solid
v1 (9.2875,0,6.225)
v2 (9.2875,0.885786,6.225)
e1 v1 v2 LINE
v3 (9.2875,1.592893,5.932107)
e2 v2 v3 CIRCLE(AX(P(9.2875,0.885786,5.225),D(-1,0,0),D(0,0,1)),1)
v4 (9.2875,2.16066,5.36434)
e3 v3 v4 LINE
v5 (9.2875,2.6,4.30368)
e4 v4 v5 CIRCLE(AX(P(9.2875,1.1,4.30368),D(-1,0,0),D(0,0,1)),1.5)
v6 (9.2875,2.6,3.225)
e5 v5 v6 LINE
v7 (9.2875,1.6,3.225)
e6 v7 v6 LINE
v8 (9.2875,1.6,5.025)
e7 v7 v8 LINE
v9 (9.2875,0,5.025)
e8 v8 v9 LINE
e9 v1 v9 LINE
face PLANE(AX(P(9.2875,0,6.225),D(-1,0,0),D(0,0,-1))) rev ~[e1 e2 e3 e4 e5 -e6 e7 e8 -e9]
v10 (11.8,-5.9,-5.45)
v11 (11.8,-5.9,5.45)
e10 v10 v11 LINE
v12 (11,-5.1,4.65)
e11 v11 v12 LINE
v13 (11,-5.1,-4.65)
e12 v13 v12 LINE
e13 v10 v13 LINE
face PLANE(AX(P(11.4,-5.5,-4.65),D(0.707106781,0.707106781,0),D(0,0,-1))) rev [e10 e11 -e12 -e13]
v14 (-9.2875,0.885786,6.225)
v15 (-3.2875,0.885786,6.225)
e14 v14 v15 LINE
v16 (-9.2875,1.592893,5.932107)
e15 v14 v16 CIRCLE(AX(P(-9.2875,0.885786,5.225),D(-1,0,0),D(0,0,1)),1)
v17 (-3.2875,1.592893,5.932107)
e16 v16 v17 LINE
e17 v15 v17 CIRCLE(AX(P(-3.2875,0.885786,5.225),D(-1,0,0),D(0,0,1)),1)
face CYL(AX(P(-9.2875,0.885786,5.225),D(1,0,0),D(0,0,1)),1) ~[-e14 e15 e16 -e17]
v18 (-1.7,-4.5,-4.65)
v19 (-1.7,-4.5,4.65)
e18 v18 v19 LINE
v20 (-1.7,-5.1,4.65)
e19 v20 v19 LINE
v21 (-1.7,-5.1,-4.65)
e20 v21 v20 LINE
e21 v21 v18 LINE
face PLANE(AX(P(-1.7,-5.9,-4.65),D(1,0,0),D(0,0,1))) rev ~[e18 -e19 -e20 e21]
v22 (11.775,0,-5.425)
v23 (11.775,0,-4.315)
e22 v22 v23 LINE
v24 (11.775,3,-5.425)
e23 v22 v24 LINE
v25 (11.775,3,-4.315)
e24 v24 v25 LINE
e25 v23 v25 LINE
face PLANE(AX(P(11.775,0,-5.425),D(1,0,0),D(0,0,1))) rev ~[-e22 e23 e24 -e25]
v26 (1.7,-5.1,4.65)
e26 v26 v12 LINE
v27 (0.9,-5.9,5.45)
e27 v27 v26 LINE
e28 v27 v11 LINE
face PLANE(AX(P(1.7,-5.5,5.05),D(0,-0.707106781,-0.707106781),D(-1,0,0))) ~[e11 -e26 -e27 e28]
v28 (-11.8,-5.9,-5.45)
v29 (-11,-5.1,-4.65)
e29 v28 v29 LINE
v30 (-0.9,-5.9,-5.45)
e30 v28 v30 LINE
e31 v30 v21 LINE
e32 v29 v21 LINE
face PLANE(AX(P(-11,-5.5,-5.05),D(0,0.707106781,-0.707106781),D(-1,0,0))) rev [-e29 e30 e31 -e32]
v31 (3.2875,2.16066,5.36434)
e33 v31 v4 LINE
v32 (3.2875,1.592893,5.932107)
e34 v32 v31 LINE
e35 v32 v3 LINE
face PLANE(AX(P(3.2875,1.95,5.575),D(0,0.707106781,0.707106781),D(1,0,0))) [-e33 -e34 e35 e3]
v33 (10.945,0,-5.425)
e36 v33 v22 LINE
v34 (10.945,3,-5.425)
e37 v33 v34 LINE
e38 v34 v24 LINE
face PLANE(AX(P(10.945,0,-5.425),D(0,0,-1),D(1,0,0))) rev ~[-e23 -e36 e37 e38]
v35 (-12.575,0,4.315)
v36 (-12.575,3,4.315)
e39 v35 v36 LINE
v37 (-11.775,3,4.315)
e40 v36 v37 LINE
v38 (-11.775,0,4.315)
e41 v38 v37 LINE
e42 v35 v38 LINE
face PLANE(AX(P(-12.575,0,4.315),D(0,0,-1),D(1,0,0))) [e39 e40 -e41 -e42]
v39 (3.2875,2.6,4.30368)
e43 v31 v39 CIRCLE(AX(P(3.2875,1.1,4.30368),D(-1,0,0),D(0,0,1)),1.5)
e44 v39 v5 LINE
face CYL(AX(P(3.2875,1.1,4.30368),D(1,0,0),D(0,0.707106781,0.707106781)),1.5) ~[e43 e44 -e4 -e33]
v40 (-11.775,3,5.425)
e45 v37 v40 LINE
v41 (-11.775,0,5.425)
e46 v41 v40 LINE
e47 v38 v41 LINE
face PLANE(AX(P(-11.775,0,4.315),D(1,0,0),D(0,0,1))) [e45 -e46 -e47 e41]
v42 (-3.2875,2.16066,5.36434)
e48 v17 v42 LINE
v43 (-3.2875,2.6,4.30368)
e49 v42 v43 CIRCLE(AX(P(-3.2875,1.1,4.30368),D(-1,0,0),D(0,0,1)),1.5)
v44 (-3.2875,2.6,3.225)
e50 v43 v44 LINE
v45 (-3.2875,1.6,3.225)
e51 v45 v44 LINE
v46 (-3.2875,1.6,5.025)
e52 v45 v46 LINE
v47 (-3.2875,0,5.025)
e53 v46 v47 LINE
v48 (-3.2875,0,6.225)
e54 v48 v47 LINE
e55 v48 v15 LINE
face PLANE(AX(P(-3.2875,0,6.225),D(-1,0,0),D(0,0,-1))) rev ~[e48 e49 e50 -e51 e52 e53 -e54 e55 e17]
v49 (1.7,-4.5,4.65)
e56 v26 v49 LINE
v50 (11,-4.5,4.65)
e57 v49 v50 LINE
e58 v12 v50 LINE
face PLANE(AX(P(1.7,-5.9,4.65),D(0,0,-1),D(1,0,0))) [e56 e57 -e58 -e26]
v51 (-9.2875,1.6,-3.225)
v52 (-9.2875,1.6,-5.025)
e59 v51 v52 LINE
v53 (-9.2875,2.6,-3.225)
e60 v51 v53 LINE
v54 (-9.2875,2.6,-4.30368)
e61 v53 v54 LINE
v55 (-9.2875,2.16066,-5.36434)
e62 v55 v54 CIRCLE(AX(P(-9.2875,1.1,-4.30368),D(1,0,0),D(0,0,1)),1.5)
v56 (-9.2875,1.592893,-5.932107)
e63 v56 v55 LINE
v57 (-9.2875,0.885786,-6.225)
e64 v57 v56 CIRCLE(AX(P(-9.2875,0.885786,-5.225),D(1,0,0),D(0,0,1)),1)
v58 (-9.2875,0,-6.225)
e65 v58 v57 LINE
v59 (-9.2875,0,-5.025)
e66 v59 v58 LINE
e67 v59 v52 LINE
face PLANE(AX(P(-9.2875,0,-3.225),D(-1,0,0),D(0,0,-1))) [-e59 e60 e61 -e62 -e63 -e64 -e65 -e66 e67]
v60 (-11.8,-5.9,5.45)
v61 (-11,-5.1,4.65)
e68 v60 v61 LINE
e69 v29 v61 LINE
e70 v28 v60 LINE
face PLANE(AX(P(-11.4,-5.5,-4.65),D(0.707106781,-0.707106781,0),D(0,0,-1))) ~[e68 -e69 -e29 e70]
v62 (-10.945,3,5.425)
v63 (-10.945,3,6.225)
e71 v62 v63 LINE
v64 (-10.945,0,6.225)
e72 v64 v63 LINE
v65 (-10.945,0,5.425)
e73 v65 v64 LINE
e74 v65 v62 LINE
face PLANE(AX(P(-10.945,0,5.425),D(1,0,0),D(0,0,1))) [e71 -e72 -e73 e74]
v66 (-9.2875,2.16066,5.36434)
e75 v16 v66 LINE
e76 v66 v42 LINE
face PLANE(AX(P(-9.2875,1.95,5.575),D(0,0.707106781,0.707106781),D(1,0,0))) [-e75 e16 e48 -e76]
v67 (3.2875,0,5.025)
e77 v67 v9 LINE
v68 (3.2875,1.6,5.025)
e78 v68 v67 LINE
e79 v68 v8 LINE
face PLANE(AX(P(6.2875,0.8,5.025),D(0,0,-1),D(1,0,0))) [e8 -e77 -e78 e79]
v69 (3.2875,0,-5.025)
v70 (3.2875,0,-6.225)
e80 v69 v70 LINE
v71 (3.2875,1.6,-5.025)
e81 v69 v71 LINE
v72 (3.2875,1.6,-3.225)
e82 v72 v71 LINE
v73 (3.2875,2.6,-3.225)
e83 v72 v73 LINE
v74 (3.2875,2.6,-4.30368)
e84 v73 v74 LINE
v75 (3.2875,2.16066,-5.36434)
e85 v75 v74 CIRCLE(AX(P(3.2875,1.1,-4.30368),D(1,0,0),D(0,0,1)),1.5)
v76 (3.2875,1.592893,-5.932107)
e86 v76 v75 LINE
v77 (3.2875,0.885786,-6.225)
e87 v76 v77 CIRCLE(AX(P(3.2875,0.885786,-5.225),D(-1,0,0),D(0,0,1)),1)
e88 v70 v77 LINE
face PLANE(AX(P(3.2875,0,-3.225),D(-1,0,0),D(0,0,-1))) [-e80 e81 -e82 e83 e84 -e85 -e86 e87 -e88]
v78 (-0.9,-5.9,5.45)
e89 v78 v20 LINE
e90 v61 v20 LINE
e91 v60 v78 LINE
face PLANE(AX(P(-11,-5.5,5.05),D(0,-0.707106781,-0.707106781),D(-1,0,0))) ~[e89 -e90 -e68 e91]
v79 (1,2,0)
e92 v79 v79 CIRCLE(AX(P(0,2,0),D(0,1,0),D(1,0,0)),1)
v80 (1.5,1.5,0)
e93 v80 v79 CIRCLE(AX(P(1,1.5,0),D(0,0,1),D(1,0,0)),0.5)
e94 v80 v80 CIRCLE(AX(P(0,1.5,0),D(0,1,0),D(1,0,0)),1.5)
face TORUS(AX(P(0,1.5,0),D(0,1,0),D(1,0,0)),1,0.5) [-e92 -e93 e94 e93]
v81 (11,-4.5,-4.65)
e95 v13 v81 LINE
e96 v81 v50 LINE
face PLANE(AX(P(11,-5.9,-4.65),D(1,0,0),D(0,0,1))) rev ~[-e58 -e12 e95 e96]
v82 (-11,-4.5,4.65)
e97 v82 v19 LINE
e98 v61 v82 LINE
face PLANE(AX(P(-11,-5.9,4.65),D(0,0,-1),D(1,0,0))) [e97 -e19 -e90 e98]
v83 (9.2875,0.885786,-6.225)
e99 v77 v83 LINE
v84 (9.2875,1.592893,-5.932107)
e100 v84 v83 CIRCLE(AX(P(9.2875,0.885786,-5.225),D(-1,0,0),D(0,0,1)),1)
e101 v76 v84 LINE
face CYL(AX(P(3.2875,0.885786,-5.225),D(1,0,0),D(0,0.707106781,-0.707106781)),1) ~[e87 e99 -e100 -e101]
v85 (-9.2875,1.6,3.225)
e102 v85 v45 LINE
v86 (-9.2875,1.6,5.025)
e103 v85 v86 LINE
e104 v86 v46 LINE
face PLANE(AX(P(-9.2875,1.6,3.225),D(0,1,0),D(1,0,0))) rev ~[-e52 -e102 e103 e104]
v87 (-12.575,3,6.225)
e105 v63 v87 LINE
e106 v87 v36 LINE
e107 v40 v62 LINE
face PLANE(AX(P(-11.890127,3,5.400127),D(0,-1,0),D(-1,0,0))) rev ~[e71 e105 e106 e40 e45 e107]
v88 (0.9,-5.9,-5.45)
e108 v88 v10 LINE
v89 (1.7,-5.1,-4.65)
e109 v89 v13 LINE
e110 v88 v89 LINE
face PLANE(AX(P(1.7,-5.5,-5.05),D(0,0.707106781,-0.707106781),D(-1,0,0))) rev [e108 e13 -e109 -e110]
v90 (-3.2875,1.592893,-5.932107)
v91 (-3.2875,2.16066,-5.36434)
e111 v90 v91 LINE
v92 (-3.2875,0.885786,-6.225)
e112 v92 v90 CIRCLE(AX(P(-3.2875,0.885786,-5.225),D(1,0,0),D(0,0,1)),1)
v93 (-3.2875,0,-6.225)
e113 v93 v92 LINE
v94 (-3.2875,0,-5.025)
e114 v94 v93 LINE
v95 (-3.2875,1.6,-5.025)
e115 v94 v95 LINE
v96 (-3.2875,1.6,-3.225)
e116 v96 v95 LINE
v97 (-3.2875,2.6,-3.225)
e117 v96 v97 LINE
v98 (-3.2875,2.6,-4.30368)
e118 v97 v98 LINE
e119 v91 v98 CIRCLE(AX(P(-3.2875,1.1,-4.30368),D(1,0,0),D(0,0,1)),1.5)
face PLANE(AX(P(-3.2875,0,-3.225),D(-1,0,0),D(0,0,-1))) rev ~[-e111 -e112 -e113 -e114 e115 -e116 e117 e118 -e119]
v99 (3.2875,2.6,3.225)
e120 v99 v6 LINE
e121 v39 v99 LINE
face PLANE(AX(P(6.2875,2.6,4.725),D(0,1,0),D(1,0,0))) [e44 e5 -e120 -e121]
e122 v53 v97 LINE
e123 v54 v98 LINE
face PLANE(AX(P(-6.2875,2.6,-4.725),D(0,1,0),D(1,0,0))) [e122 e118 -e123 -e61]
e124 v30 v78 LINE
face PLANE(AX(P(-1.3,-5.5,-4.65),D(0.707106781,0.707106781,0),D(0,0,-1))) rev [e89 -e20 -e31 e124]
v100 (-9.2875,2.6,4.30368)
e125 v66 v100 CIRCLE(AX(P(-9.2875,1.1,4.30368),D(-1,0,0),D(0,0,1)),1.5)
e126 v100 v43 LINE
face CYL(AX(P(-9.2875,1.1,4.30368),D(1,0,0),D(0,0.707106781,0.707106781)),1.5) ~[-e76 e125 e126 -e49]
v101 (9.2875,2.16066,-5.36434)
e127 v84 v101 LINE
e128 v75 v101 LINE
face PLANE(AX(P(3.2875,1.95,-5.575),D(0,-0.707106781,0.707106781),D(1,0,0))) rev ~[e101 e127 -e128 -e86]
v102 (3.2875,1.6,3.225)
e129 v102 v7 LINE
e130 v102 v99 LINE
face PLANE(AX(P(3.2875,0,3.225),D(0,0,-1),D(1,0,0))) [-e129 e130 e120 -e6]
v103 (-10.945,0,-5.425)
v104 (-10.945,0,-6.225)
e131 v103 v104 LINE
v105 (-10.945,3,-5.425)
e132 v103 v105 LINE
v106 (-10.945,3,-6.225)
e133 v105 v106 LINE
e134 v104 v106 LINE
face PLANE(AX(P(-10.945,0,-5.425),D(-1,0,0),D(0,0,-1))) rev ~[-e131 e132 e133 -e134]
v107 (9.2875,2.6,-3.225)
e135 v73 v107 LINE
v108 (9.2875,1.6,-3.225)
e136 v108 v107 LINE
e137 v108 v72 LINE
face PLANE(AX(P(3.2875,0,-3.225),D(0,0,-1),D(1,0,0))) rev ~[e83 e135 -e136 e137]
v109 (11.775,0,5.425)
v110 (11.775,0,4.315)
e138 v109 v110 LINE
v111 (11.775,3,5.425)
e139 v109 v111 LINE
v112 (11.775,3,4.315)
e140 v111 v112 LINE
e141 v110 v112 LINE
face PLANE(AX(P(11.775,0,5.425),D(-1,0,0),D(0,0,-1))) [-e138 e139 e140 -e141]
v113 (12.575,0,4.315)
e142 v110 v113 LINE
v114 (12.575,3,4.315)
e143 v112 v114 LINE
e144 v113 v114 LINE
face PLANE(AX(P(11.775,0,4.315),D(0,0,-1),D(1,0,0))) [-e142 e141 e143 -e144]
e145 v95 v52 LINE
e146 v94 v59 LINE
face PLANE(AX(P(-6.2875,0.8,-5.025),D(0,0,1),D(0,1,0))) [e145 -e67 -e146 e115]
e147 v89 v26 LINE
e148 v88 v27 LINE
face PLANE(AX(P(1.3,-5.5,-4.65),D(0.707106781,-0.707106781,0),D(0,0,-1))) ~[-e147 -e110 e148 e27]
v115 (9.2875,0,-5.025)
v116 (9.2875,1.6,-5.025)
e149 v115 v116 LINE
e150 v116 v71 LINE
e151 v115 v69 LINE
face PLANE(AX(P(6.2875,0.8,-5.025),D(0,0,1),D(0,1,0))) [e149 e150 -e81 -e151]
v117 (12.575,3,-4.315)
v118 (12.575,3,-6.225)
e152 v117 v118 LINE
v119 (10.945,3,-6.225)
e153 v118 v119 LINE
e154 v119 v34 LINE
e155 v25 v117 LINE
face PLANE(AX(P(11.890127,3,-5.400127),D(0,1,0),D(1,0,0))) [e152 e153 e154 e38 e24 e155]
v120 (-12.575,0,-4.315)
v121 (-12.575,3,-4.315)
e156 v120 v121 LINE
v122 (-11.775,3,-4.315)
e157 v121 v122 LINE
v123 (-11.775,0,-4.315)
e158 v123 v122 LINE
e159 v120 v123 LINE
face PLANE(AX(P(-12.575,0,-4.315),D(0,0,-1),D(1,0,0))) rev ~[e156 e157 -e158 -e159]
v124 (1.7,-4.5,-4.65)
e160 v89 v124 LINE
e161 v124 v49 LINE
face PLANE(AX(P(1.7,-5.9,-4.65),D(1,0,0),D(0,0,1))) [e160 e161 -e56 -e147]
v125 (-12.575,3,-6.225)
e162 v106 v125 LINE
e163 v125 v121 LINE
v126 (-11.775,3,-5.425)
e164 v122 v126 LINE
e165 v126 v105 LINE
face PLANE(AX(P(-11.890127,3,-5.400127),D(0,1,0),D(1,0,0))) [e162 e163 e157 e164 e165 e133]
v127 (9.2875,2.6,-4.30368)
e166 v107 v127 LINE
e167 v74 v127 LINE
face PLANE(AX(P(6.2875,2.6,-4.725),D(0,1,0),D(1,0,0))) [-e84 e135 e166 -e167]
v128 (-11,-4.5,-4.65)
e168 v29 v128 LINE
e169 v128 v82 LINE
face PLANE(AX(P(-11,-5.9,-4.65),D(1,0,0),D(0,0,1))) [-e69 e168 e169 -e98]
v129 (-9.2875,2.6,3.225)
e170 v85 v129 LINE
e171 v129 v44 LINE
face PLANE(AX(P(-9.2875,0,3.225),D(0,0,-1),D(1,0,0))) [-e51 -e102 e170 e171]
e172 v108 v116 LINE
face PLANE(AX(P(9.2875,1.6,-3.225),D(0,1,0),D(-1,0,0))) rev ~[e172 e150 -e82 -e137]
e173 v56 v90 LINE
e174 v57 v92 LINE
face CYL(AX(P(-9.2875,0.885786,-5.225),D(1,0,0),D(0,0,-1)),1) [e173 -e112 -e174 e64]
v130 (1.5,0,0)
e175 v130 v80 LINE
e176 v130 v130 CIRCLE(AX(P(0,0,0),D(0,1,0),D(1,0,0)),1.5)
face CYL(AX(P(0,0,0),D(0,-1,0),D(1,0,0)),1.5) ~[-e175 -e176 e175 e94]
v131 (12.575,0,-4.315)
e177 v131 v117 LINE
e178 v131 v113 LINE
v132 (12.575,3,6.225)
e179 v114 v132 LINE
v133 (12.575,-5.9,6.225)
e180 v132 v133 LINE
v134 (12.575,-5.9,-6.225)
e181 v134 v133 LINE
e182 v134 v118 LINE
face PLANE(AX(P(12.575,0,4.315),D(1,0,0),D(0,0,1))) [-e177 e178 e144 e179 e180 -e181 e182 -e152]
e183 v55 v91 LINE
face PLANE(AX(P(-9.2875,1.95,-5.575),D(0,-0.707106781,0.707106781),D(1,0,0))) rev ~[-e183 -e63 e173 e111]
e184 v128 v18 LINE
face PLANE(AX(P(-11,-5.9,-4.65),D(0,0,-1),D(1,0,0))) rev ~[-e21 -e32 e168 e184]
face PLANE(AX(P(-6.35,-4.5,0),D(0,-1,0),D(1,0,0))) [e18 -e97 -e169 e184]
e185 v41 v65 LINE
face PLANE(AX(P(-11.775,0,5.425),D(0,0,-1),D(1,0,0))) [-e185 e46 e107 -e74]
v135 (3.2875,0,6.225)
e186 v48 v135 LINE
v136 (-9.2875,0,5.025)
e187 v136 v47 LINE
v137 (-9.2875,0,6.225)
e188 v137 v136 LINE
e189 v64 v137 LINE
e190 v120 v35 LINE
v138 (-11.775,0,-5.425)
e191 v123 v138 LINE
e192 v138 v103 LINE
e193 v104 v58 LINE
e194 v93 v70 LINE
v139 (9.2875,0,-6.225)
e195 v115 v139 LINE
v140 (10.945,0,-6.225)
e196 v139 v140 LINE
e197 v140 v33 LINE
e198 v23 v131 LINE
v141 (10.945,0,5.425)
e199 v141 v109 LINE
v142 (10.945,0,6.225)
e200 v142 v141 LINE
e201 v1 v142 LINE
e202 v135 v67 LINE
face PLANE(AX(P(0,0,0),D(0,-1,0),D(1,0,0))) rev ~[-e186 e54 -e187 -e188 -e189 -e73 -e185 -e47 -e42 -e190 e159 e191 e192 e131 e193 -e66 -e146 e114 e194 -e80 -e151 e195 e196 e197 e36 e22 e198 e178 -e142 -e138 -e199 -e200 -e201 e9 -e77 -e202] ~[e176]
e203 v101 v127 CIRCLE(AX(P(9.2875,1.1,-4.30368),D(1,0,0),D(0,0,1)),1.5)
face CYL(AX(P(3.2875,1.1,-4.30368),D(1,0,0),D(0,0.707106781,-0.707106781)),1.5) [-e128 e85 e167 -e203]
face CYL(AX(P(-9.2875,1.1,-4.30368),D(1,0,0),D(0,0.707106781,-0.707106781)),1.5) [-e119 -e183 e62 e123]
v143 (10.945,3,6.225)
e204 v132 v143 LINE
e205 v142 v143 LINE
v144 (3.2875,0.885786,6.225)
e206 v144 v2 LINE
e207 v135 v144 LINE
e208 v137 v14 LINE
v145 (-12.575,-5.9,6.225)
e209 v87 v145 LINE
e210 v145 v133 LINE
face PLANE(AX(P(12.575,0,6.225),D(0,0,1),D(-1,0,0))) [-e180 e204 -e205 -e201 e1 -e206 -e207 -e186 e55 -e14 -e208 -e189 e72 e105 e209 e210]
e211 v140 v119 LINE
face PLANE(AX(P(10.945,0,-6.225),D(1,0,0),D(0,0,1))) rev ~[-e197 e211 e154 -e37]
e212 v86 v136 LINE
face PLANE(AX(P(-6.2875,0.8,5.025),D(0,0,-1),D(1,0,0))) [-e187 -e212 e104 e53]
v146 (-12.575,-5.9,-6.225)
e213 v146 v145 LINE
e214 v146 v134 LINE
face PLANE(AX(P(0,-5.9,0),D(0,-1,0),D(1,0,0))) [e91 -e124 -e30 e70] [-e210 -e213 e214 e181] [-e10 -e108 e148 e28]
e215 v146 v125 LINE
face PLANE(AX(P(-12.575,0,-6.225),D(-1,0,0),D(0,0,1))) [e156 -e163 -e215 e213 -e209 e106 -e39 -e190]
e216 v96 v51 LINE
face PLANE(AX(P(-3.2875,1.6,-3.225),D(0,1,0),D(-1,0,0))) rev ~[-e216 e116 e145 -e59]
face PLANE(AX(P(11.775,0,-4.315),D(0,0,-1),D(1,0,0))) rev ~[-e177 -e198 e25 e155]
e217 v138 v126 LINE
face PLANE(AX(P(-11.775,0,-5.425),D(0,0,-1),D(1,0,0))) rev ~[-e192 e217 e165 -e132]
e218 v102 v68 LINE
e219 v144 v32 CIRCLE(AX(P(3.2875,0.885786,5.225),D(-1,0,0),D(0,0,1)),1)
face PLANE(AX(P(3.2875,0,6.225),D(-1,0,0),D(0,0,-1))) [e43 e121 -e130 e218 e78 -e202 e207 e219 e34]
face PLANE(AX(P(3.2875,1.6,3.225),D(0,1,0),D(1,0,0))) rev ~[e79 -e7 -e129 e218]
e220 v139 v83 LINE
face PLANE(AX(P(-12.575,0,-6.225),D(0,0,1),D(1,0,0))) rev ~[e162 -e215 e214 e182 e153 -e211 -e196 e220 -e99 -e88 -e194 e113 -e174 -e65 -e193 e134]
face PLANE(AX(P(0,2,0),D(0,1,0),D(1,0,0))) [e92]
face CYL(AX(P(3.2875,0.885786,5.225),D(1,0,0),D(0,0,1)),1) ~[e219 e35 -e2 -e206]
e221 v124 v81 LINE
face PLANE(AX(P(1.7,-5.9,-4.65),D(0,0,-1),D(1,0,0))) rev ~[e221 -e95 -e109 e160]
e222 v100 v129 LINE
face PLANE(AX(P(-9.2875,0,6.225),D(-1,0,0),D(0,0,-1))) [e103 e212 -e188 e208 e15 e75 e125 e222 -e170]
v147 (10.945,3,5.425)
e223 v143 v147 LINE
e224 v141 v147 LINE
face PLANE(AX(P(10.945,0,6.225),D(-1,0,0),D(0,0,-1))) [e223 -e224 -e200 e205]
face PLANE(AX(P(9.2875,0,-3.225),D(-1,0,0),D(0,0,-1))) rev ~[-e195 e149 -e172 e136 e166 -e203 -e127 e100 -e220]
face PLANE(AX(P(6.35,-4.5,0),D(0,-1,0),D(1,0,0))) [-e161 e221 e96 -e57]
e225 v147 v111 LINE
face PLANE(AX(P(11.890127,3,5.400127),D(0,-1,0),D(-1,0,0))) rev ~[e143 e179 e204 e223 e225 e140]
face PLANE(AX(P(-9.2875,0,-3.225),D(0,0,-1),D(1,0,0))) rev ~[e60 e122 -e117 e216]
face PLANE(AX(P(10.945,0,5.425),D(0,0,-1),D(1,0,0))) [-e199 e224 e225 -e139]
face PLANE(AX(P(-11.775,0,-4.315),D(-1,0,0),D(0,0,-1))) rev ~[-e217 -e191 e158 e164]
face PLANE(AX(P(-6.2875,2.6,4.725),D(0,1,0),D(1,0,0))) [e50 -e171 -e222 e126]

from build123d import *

# Parameters (mm, degrees)
SKETCH013_W     = 25.15
SKETCH013_H     = 12.45
PAD001_DEPTH    = 5.9
SKETCH018_W     = 9.3
SKETCH018_H     = 9.3
POCKET008_DEPTH = 1.4
CHAMFER_SIZE    = 0.8
PAD003_DEPTH    = 3
SKETCH007_W     = 6
SKETCH007_H     = 3
PAD004_DEPTH    = 2.6
SKETCH008_R     = 1.5
PAD005_DEPTH    = 2
FILLET004_R     = 0.5
CHAMFER003_SIZE = 1.3
FILLET003_R     = 1.5
FILLET002_R     = 1
SKETCH009_W     = 6
SKETCH009_H     = 1.6
POCKET006_DEPTH = 1.8
SKETCH010_W     = 6
SKETCH010_H     = 1.6
POCKET007_DEPTH = 1.8
SKETCH014_W     = 1.6
SKETCH014_H     = 6
POCKET005_DEPTH = 1.8


with BuildPart() as part:
    # Sketch013 → Pad001 (new body)
    with BuildSketch(Plane.XZ):
        Rectangle(SKETCH013_W, SKETCH013_H)
    extrude(amount=PAD001_DEPTH)

    # Sketch018 (on Face6 of Pad001) → Pocket008 (cut)
    with BuildSketch(Plane.XZ.offset(5.9)):
        with Locations((-6.35, 0)):
            Rectangle(SKETCH018_W, SKETCH018_H)
        with Locations((6.35, 0)):
            Rectangle(SKETCH018_W, SKETCH018_H)
    extrude(amount=-POCKET008_DEPTH, mode=Mode.SUBTRACT)

    # Chamfer
    chamfer_edges = [part.edges().sort_by_distance(p)[0] for p in [
        (-6.35, -5.9, 4.65),
        (-11, -5.9, 0),
        (-6.35, -5.9, -4.65),
        (-1.7, -5.9, 0),
        (1.7, -5.9, 0),
        (6.35, -5.9, 4.65),
        (11, -5.9, 0),
        (6.35, -5.9, -4.65),
    ]]
    chamfer(chamfer_edges, length=CHAMFER_SIZE)

    # Sketch015 (on Face18 of Chamfer) → Pad003 (join)
    with BuildSketch(Plane(origin=(0, 0, 0), x_dir=(1, 0, 0), z_dir=(0, 1, 0))):
        Polygon((12.575, -4.315), (12.575, -6.225), (10.945, -6.225), (10.945, -5.425), (11.775, -5.425), (11.775, -4.315), align=None)
        Polygon((-10.945, -6.225), (-12.575, -6.225), (-12.575, -4.315), (-11.775, -4.315), (-11.775, -5.425), (-10.945, -5.425), align=None)
        Polygon((12.575, 4.315), (12.575, 6.225), (10.945, 6.225), (10.945, 5.425), (11.775, 5.425), (11.775, 4.315), align=None)
        Polygon((-11.775, 4.315), (-11.775, 5.425), (-10.945, 5.425), (-10.945, 6.225), (-12.575, 6.225), (-12.575, 4.315), align=None)
    extrude(amount=PAD003_DEPTH)

    # Sketch007 (on Face19 of Pad003) → Pad004 (join)
    with BuildSketch(Plane(origin=(0, 0, 0), x_dir=(1, 0, 0), z_dir=(0, 1, 0))):
        with Locations((-6.2875, 4.725)):
            Rectangle(SKETCH007_W, SKETCH007_H)
        with Locations((6.2875, 4.725)):
            Rectangle(SKETCH007_W, SKETCH007_H)
        with Locations((-6.2875, -4.725)):
            Rectangle(SKETCH007_W, SKETCH007_H)
        with Locations((6.2875, -4.725)):
            Rectangle(SKETCH007_W, SKETCH007_H)
    extrude(amount=PAD004_DEPTH)

    # Sketch008 (on Face19 of Pad004) → Pad005 (join)
    with BuildSketch(Plane(origin=(0, 0, 0), x_dir=(1, 0, 0), z_dir=(0, 1, 0))):
        Circle(SKETCH008_R)
    extrude(amount=PAD005_DEPTH)

    # Fillet004
    fillet004_edges = [part.edges().sort_by_distance(p)[0] for p in [
        (-1.5, 2, 0),
    ]]
    fillet(fillet004_edges, radius=FILLET004_R)

    # Chamfer003
    chamfer003_edges = [part.edges().sort_by_distance(p)[0] for p in [
        (6.2875, 2.6, -6.225),
        (-6.2875, 2.6, -6.225),
        (6.2875, 2.6, 6.225),
        (-6.2875, 2.6, 6.225),
    ]]
    chamfer(chamfer003_edges, length=CHAMFER003_SIZE)

    # Fillet003
    fillet003_edges = [part.edges().sort_by_distance(p)[0] for p in [
        (-6.2875, 2.6, 4.925),
        (6.2875, 2.6, 4.925),
        (-6.2875, 2.6, -4.925),
        (6.2875, 2.6, -4.925),
    ]]
    fillet(fillet003_edges, radius=FILLET003_R)

    # Fillet002
    fillet002_edges = [part.edges().sort_by_distance(p)[0] for p in [
        (6.2875, 1.3, -6.225),
        (-6.2875, 1.3, -6.225),
        (6.2875, 1.3, 6.225),
        (-6.2875, 1.3, 6.225),
    ]]
    fillet(fillet002_edges, radius=FILLET002_R)

    # Sketch009 (on Face22 of Fillet002) → Pocket006 (cut)
    with BuildSketch(Plane(origin=(0, 0, 3.225), x_dir=(1, 0, 0), z_dir=(0, 0, -1))):
        with Locations((-6.2875, -0.8)):
            Rectangle(SKETCH009_W, SKETCH009_H)
    extrude(amount=-POCKET006_DEPTH, mode=Mode.SUBTRACT)

    # Sketch010 (on Face25 of Pocket006) → Pocket007 (cut)
    with BuildSketch(Plane(origin=(0, 0, 3.225), x_dir=(1, 0, 0), z_dir=(0, 0, -1))):
        with Locations((6.2875, -0.8)):
            Rectangle(SKETCH010_W, SKETCH010_H)
    extrude(amount=-POCKET007_DEPTH, mode=Mode.SUBTRACT)

    # Sketch014 (on DatumPlane) → Pocket005 (cut)
    with BuildSketch(Plane(origin=(0, 1.3, -3.225), x_dir=(0, 1, 0), z_dir=(0, 0, 1))):
        with Locations((-0.5, 6.2875)):
            Rectangle(SKETCH014_W, SKETCH014_H)
        with Locations((-0.5, -6.2875)):
            Rectangle(SKETCH014_W, SKETCH014_H)
    extrude(amount=-POCKET005_DEPTH, mode=Mode.SUBTRACT)


solid = part.part
